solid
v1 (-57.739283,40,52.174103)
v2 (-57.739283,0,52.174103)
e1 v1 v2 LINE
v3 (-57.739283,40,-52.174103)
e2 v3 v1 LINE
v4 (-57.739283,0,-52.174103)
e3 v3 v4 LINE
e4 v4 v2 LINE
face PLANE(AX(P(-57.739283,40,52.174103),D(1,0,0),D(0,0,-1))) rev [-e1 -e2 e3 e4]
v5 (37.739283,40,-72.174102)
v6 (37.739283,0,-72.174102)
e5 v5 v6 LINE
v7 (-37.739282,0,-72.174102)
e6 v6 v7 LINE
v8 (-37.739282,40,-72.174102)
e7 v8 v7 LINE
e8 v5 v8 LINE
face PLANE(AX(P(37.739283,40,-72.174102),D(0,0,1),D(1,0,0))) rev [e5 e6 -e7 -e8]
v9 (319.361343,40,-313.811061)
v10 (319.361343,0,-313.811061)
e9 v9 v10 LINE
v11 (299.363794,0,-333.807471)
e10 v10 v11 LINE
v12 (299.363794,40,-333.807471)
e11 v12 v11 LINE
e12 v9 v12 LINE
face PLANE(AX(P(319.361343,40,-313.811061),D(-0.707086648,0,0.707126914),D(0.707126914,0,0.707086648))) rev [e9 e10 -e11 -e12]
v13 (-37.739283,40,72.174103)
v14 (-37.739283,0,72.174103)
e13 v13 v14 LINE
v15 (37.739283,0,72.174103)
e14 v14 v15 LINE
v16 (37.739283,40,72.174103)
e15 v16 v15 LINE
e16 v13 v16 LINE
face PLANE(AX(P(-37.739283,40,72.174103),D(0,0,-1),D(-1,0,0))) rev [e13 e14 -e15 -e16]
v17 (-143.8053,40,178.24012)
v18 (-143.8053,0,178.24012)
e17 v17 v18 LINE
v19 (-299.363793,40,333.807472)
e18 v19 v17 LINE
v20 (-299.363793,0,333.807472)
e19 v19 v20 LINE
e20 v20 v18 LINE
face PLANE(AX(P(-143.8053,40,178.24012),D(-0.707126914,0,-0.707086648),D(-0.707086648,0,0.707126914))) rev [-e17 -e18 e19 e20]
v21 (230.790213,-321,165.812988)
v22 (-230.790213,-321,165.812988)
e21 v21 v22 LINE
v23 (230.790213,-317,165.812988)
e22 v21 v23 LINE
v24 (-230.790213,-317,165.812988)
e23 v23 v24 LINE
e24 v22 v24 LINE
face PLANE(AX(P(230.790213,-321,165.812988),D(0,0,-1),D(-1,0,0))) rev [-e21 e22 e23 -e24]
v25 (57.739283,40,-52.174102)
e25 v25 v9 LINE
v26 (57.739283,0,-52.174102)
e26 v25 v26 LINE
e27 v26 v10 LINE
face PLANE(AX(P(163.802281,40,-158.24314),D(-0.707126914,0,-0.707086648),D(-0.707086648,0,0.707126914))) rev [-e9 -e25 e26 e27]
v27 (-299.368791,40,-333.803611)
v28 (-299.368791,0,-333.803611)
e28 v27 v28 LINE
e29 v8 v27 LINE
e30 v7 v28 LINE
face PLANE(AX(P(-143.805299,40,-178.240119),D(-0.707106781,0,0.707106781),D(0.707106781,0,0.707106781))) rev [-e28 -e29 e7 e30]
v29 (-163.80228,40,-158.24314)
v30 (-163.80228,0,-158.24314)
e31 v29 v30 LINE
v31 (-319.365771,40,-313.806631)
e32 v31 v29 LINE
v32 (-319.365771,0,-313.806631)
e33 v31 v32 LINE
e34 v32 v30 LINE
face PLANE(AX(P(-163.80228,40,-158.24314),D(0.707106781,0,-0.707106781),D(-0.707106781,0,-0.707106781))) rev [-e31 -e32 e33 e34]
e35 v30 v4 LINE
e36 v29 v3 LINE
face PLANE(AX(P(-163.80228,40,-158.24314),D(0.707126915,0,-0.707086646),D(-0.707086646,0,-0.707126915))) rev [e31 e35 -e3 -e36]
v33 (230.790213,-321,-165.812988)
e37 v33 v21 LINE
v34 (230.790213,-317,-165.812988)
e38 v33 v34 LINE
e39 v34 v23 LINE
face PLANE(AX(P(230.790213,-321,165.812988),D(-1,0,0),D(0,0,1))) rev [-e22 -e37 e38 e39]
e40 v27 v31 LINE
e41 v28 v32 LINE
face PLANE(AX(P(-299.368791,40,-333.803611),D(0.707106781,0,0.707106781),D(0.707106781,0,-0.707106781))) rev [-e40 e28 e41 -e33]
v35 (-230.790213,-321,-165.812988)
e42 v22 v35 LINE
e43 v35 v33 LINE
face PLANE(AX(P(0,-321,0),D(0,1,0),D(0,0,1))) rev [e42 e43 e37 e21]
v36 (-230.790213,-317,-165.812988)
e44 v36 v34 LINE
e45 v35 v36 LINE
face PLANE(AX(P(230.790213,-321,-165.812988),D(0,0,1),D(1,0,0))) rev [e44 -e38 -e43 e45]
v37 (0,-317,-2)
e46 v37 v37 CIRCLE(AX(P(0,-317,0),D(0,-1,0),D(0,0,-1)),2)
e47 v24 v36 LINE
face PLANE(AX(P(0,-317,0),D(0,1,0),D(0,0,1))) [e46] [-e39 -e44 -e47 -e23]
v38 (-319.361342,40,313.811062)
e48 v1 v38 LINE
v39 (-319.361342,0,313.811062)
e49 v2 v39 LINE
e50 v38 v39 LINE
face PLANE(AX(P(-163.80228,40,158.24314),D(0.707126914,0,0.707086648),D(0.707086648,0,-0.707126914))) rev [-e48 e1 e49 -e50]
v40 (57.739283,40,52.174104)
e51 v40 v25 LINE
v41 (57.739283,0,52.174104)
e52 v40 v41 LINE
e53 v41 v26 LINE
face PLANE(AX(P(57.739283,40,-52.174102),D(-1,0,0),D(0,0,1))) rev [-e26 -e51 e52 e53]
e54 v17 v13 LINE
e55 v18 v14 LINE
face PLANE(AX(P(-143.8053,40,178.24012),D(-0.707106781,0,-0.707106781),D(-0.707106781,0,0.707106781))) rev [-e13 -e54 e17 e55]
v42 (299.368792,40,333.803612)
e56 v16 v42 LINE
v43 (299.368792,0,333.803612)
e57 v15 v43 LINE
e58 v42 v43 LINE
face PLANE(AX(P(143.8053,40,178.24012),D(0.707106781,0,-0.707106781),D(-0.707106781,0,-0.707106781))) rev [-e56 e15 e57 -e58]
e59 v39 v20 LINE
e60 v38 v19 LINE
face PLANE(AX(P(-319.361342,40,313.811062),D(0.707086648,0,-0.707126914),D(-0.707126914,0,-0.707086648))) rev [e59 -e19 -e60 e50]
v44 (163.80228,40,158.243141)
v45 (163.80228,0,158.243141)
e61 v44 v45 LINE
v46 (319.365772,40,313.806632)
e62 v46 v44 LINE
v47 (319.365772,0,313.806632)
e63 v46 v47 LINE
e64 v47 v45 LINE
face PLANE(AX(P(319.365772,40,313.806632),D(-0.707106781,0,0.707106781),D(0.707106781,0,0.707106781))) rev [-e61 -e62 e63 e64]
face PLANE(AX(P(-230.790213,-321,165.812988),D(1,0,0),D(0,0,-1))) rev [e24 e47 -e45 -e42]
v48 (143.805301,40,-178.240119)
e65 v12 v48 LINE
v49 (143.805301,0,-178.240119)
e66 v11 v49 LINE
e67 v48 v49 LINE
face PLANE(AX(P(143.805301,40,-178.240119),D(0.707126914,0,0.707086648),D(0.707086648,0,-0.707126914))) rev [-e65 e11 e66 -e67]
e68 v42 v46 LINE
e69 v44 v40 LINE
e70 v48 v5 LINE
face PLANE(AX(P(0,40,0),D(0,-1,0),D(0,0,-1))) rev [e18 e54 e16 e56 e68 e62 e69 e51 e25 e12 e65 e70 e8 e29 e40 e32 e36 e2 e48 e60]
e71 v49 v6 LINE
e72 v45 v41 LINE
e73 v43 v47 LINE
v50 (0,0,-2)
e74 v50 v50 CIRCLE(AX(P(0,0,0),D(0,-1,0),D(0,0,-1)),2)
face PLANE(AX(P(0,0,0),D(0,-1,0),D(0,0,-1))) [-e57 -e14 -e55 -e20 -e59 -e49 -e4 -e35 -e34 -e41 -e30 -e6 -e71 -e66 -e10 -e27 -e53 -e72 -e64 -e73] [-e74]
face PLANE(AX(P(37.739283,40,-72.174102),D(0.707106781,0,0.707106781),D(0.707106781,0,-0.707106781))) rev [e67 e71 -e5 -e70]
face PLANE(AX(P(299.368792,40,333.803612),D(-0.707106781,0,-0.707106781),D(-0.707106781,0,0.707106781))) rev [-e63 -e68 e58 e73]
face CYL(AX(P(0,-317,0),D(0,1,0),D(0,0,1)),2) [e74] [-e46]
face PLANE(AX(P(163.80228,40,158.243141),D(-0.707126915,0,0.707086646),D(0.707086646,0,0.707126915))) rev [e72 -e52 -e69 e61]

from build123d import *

# Parameters (mm, degrees)
BOSS_EXTRUDE1_DEPTH = 40
SKETCH2_R           = 2
BOSS_EXTRUDE2_DEPTH = 317
SKETCH3_W           = 461.580426742
SKETCH3_H           = 331.625976184
BOSS_EXTRUDE3_DEPTH = 4


with BuildPart() as part:
    # Sketch1 → Boss-Extrude1 (new body)
    with BuildSketch(Plane(origin=(0, 0, 0), x_dir=(1, 0, 0), z_dir=(0, 1, 0))):
        Polygon((-37.739281915, 72.174102179), (-143.805299093, 178.240119357), (-299.368790954, 333.803611218), (-319.365770726, 313.806631446), (-163.802279668, 158.243140388), (-57.739282705, 52.174103081), (-57.739282705, -52.174103272), (-163.80227984, -158.243140407), (-319.361342305, -313.811061538), (-299.36379317, -333.807471931), (-143.805300025, -178.240120135), (-37.739282847, -72.174102957), (37.739282893, -72.174102957), (143.805300071, -178.240120135), (299.368791932, -333.803611997), (319.365771704, -313.806632225), (163.802280352, -158.243140872), (57.739283379, -52.174103575), (57.739283379, 52.174102471), (163.802280509, 158.243139611), (319.361342965, 313.811060751), (299.36379383, 333.807471143), (143.805300678, 178.240119357), (37.7392835, 72.174102179), align=None)
    extrude(amount=BOSS_EXTRUDE1_DEPTH)

    # Sketch2 → Boss-Extrude2 (add)
    with BuildSketch(Plane(origin=(0, 0, 0), x_dir=(-1, 0, 0), z_dir=(0, -1, 0))):
        with Locations(Location((0, 0, 0), (0, 0, 90))):
            Circle(SKETCH2_R)
    extrude(amount=BOSS_EXTRUDE2_DEPTH)

    # Sketch3 → Boss-Extrude3 (add)
    with BuildSketch(Plane.XZ.offset(317)):
        Rectangle(SKETCH3_W, SKETCH3_H)
    extrude(amount=BOSS_EXTRUDE3_DEPTH)


solid = part.part
